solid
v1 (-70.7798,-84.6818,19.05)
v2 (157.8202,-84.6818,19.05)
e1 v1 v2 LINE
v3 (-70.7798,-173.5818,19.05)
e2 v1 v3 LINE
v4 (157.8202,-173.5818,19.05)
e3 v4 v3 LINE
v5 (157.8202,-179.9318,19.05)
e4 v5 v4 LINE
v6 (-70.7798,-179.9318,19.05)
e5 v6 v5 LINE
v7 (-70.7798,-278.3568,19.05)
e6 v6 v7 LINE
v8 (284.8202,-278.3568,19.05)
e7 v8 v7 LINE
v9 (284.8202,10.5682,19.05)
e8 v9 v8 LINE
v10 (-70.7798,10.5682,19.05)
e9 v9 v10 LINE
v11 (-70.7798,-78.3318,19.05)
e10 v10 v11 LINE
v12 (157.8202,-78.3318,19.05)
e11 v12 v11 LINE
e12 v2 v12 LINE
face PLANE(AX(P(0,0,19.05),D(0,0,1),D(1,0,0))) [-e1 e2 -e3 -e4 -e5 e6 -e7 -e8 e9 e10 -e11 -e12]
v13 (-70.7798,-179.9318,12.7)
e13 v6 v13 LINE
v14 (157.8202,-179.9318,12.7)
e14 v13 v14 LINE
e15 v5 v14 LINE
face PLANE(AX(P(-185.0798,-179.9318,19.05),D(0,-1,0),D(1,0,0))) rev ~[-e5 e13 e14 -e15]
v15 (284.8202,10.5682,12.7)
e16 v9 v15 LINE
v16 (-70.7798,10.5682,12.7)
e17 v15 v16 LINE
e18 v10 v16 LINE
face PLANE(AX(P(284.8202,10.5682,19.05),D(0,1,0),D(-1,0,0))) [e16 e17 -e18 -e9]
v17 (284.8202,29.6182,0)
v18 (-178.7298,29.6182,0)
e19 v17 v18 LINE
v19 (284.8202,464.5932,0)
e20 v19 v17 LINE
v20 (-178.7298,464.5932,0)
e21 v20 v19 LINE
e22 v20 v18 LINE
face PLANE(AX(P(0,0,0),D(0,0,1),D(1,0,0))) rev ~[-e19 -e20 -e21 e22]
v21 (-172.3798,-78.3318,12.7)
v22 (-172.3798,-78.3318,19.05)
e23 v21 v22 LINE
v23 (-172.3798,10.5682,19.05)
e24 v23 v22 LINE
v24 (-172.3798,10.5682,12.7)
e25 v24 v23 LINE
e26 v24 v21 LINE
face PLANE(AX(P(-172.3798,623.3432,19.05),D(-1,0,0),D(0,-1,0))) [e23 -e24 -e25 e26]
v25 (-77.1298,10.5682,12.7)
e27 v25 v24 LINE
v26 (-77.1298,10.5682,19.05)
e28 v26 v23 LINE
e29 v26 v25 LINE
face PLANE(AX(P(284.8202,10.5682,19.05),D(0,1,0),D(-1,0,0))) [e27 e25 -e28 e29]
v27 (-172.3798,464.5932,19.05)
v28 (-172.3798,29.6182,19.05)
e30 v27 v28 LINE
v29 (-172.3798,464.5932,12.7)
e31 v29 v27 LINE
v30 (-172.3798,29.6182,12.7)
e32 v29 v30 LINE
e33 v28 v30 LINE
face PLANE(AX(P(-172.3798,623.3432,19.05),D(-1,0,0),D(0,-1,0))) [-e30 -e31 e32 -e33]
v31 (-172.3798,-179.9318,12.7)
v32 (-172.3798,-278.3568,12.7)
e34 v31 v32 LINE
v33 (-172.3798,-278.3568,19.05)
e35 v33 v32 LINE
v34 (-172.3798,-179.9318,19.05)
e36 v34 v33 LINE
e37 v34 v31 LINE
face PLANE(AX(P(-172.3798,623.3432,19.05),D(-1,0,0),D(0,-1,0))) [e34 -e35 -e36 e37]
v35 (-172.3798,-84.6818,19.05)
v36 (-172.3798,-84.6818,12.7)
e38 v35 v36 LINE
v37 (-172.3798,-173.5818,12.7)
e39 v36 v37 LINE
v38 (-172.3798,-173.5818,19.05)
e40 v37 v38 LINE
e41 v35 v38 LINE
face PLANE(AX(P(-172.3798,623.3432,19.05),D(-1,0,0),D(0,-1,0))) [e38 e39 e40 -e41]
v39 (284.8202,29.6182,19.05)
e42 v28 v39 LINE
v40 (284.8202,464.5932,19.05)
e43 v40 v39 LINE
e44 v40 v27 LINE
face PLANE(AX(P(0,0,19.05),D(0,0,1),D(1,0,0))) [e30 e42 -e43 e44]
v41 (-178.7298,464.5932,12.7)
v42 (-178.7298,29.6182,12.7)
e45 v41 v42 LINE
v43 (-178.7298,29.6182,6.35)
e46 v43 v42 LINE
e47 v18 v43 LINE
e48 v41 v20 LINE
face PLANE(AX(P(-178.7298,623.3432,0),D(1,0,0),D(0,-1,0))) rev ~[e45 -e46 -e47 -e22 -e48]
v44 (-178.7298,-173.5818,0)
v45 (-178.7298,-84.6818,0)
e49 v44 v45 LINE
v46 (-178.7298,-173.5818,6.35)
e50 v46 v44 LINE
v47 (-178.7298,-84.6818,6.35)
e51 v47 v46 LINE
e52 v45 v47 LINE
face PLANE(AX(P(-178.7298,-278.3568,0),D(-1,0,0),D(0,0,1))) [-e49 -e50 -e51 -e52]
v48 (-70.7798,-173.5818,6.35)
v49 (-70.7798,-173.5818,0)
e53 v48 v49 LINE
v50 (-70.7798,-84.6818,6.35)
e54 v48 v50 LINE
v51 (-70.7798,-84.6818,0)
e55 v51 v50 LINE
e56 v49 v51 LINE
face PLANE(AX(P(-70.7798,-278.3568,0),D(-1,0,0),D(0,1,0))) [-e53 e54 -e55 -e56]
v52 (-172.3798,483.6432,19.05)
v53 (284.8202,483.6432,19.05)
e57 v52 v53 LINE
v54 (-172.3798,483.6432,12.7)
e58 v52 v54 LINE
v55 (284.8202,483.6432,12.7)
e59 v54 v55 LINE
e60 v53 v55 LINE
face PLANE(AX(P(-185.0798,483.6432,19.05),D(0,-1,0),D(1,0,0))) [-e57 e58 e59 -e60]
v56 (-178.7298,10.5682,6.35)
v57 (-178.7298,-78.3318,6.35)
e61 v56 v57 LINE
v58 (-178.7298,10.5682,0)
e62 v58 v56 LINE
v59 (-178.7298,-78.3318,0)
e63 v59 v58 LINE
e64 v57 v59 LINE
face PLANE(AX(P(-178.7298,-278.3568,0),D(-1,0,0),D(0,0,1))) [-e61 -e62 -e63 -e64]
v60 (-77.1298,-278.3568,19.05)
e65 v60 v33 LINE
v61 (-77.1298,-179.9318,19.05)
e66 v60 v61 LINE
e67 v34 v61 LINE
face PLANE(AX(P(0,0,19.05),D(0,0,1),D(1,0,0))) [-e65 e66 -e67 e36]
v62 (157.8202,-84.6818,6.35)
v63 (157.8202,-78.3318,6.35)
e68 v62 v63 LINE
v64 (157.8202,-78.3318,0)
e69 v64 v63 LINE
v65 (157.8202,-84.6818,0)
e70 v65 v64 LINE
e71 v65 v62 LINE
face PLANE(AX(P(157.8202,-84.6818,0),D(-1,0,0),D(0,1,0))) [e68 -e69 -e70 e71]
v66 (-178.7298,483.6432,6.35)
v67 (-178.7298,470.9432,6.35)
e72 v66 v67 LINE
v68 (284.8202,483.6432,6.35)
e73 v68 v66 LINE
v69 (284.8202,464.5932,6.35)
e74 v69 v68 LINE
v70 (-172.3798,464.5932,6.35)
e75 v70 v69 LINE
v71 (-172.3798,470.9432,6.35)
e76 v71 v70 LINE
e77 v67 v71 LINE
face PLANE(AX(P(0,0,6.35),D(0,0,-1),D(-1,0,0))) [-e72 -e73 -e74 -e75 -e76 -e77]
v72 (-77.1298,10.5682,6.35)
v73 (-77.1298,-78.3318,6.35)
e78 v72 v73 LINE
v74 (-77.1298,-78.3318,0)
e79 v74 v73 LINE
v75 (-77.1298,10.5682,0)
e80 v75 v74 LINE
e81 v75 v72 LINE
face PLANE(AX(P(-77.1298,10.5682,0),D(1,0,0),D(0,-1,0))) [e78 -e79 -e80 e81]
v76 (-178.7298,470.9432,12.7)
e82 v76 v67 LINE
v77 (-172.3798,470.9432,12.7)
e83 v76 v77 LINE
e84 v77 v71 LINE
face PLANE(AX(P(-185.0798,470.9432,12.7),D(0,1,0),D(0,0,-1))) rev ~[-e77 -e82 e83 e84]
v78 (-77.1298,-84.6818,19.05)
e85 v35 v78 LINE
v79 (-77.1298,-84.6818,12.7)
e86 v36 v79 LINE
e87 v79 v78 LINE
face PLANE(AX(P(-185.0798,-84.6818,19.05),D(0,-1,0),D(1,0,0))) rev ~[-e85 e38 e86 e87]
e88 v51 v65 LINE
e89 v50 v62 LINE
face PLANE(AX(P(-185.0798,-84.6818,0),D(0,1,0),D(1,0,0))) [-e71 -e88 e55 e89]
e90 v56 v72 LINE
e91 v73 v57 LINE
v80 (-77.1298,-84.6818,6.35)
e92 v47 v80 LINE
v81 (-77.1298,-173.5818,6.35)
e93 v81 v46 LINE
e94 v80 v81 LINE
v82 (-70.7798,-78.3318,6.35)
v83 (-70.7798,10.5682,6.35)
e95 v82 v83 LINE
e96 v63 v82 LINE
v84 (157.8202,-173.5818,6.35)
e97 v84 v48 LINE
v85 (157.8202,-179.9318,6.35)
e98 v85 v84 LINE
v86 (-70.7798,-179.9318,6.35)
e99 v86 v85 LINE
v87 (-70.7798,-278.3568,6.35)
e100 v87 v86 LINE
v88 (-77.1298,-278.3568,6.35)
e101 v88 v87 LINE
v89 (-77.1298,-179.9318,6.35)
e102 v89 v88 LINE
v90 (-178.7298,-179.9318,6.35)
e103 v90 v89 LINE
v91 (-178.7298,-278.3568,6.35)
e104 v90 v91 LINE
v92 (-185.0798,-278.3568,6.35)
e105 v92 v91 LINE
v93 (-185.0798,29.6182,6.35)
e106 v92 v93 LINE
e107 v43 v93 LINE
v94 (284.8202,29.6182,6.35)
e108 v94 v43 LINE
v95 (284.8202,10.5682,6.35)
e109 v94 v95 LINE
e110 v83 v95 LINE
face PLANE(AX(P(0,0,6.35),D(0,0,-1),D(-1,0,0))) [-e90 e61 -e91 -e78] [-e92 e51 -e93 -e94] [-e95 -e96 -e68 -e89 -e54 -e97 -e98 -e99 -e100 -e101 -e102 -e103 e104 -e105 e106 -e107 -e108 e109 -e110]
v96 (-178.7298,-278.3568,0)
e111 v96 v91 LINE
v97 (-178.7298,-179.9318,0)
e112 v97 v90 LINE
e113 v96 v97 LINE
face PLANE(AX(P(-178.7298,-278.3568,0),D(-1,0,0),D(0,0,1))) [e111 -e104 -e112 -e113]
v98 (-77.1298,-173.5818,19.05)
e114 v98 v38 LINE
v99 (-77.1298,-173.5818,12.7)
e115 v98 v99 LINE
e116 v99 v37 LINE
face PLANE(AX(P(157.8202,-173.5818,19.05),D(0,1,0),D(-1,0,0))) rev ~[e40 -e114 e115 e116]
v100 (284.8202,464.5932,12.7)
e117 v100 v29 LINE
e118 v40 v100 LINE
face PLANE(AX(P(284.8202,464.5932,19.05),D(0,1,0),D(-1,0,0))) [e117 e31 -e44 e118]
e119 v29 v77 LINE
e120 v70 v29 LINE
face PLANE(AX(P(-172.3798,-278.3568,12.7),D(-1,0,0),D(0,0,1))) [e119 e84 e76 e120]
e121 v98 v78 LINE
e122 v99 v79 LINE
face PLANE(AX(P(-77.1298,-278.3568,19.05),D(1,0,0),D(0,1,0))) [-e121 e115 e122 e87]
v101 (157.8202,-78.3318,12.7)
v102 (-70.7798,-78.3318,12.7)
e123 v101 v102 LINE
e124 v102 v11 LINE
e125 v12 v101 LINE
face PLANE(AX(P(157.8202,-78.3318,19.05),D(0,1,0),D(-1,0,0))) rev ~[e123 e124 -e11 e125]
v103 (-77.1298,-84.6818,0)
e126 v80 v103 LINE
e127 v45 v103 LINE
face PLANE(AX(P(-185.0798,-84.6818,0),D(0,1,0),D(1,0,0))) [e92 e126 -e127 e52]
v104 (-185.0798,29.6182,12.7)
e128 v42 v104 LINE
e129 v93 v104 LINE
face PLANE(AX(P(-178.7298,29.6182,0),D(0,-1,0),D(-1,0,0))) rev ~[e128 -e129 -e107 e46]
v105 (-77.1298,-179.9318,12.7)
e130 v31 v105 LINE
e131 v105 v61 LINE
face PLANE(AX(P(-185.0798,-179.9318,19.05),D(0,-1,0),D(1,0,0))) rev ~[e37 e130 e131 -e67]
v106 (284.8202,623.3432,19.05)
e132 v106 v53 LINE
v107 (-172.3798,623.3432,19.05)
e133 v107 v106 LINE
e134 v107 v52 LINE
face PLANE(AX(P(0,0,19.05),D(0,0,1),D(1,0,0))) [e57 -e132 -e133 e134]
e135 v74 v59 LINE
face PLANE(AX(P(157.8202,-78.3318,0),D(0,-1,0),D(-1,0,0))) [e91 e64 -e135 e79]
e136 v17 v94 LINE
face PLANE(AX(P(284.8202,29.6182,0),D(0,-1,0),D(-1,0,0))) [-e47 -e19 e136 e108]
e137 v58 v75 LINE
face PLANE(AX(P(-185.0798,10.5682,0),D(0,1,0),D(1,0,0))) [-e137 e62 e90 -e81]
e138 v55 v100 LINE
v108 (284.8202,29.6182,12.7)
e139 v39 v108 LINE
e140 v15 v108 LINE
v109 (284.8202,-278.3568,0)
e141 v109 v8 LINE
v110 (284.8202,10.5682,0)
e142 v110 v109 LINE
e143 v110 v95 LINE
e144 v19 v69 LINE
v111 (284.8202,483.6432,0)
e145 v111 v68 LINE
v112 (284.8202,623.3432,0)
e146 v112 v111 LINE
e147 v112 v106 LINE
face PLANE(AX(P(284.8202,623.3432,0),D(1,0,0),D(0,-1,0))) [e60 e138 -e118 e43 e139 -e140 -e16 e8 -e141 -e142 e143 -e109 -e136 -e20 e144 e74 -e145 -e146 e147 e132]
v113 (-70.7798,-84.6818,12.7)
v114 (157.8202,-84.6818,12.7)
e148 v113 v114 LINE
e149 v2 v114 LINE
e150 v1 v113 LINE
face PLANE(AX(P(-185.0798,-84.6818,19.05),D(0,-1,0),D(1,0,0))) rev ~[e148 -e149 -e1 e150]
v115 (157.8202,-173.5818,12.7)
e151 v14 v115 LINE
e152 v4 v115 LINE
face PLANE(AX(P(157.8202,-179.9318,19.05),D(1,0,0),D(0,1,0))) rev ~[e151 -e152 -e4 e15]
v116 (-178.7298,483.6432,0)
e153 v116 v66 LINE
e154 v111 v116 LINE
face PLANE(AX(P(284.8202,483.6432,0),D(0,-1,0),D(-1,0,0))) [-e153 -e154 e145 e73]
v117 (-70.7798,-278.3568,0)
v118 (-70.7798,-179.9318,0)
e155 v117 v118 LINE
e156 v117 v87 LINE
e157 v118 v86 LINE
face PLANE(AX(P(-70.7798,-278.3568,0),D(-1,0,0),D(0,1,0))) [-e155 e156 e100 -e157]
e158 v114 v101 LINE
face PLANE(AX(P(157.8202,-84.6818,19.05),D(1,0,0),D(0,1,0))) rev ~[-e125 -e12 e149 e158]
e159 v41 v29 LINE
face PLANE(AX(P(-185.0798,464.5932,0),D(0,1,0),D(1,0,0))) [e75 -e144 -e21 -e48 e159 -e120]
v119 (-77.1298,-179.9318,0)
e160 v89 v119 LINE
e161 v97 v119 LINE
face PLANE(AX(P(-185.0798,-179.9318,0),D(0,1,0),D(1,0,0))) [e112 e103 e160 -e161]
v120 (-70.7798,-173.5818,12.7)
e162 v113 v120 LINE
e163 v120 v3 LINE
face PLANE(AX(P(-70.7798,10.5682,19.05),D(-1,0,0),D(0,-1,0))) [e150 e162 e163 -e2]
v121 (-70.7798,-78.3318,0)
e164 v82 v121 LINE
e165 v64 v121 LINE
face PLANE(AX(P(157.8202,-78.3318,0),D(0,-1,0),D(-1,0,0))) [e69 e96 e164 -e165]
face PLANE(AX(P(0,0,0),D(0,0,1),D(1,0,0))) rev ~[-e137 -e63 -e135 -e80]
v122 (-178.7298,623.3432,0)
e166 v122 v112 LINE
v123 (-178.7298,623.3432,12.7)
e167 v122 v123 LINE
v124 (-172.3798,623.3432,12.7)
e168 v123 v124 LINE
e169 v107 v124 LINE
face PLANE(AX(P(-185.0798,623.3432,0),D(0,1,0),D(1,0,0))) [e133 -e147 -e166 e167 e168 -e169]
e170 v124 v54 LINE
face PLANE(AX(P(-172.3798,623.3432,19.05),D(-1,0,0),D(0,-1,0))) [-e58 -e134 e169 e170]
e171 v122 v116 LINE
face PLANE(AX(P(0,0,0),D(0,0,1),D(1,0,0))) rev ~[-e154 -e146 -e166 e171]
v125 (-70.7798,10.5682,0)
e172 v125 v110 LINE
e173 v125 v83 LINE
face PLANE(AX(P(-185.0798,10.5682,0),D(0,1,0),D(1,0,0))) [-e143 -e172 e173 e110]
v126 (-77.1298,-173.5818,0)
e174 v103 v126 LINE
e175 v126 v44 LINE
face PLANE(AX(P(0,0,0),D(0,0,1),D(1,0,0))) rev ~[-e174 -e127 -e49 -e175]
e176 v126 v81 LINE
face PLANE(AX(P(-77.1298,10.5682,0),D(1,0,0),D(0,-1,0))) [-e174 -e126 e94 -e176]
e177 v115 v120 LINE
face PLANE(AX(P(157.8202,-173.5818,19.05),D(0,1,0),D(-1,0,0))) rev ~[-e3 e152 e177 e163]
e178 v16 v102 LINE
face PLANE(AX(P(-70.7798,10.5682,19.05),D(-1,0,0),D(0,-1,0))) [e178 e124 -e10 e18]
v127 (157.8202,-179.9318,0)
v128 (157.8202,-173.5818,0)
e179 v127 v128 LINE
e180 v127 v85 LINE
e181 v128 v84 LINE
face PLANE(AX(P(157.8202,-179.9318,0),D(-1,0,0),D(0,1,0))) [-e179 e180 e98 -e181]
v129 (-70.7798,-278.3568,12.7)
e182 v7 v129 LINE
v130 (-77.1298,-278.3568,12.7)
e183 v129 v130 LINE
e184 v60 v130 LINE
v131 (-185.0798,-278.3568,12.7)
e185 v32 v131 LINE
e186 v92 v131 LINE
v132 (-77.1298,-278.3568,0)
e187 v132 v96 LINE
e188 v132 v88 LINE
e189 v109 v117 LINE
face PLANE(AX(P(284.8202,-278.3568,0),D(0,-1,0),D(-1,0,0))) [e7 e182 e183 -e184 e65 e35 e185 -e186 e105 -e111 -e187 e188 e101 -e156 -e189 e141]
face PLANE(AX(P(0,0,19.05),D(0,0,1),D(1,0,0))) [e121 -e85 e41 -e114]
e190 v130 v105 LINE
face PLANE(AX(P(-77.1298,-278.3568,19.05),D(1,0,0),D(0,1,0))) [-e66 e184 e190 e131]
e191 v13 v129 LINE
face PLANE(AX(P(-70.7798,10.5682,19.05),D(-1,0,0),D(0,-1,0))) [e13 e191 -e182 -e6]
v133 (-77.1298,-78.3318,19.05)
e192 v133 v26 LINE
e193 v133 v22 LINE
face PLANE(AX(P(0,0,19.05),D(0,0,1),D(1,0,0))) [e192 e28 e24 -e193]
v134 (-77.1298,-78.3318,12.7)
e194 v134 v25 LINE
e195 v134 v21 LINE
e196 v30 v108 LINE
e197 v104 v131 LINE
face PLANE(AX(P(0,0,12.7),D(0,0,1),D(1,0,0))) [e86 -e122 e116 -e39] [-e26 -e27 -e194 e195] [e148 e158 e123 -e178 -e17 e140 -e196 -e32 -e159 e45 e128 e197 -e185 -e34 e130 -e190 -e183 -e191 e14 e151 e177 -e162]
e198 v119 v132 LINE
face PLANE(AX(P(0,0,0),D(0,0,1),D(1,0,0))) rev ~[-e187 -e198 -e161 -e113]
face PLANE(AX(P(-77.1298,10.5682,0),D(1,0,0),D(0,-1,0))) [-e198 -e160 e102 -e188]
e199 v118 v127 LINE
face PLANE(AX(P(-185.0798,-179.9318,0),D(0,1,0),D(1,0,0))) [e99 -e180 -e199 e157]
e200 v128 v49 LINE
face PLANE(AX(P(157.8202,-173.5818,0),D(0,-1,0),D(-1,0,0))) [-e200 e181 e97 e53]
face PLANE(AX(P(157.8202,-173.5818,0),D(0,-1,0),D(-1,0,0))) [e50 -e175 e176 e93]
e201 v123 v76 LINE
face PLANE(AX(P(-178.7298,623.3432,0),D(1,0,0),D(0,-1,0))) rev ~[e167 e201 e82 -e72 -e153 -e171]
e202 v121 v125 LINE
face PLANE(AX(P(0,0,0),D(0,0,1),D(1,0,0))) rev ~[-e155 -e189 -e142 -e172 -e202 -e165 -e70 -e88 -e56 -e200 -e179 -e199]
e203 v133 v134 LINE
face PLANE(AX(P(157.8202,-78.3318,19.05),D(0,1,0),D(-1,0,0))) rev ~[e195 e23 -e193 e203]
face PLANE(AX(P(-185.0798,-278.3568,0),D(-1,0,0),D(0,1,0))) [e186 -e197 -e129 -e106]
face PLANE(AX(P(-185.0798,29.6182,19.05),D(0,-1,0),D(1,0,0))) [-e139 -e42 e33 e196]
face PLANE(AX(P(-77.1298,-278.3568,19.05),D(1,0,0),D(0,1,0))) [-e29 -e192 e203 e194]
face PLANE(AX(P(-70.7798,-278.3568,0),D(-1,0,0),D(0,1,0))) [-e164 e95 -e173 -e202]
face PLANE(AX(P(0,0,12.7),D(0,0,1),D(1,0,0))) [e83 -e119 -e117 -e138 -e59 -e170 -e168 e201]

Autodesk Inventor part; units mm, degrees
ref_plane "YZ Plane" through (0, 0, 0) normal (1, 0, 0) x (0, 1, 0)
ref_plane "XZ Plane" through (0, 0, 0) normal (0, 1, 0) x (-1, 0, 0)
ref_plane "XY Plane" through (0, 0, 0) normal (0, 0, 1) x (1, 0, 0)
sketch "Sketch1" plane through (0, 0, 0) normal (0, 0, 1) x (1, 0, 0)
  line L0 (-185.0798, 623.3432) -> (284.8202, 623.3432)
  line L1 (284.8202, 623.3432) -> (284.8202, -278.3568)
  line L2 (284.8202, -278.3568) -> (-185.0798, -278.3568)
  line L3 (-185.0798, -278.3568) -> (-185.0798, 623.3432)
  point P0 (0, 0)
  dimension "d0" = 901.7
  dimension "d1" = 469.9
extrude "Board" add sketch "Sketch1" along normal blind 19.05
sketch "Sketch6" plane through (0, 0, 0) normal (0, 0, -1) x (-1, 0, 0)
  line L0 (-284.8202, 483.6432) -> (185.0798, 483.6432)
  line L1 (185.0798, 483.6432) -> (185.0798, 464.5932)
  line L2 (185.0798, 464.5932) -> (-284.8202, 464.5932)
  line L3 (-284.8202, 464.5932) -> (-284.8202, 483.6432)
  line L4 (185.0798, 623.3432) -> (-284.8202, 623.3432) projected
  line L5 (185.0798, -278.3568) -> (185.0798, 623.3432) projected
  line L6 (-284.8202, 623.3432) -> (-284.8202, -278.3568) projected
  line L7 (-284.8202, 29.6182) -> (185.0798, 29.6182)
  line L8 (185.0798, 29.6182) -> (185.0798, 10.5682)
  line L9 (185.0798, 10.5682) -> (-284.8202, 10.5682)
  line L10 (-284.8202, 10.5682) -> (-284.8202, 29.6182)
  point P0 (0, 0)
  dimension "d30" = 19.05
  dimension "d37" = 434.975
  dimension "d119" = 139.7
extrude "Right Shelf Dados" cut sketch "Sketch6" against normal blind 6.35 contours L0 L1 L2 L3 | L7 L5 L9 L6
sketch "Sketch32" plane through (0, 0, 0) normal (0, 0, -1) x (-1, 0, 0)
  line L0 (-157.8202, -78.3318) -> (185.0798, -78.3318)
  line L1 (185.0798, -78.3318) -> (185.0798, -84.6818)
  line L2 (185.0798, -84.6818) -> (-157.8202, -84.6818)
  line L3 (-157.8202, -84.6818) -> (-157.8202, -78.3318)
  line L4 (-157.8202, -173.5818) -> (185.0798, -173.5818)
  line L5 (185.0798, -173.5818) -> (185.0798, -179.9318)
  line L6 (185.0798, -179.9318) -> (-157.8202, -179.9318)
  line L7 (-157.8202, -179.9318) -> (-157.8202, -173.5818)
  line L8 (-284.8202, 623.3432) -> (-284.8202, -278.3568) projected
  line L9 (185.0798, 623.3432) -> (185.0798, -278.3568) projected
  line L10 (-284.8202, -278.3568) -> (185.0798, -278.3568) projected
  point P0 (0, 0)
  point P1 (-284.8202, 10.5682)
  dimension "d142" = 88.9
  dimension "d143" = 6.35
  dimension "d146" = 342.9
  dimension "d167" = 127
  dimension "d170" = 98.425
extrude "Right Wine Rack Horizonal Dados" cut sketch "Sketch32" against normal blind 6.35
sketch "Sketch33" plane through (0, 0, 0) normal (0, 0, -1) x (-1, 0, 0)
  line L0 (185.0798, 10.5682) -> (-284.8202, 10.5682) projected
  line L1 (70.7798, 10.5682) -> (77.1298, 10.5682)
  line L2 (77.1298, 10.5682) -> (77.1298, -278.3568)
  line L3 (77.1298, -278.3568) -> (70.7798, -278.3568)
  line L4 (70.7798, -278.3568) -> (70.7798, 10.5682)
  line L5 (-157.8202, -84.6818) -> (-157.8202, -78.3318) projected
  line L6 (-284.8202, -278.3568) -> (185.0798, -278.3568) projected
  point P0 (0, 0)
  dimension "d149" = 6.35
  dimension "d168" = 228.6
extrude "Right Wine Rack Vertical Dado" cut sketch "Sketch33" against normal blind 6.35
sketch "Sketch7" plane through (0, 0, 19.05) normal (0, 0, 1) x (1, 0, 0)
  line L0 (-185.0798, 483.6432) -> (284.8202, 483.6432)
  line L1 (284.8202, 483.6432) -> (284.8202, 464.5932)
  line L2 (284.8202, 464.5932) -> (-185.0798, 464.5932)
  line L3 (-185.0798, 464.5932) -> (-185.0798, 483.6432)
  line L4 (284.8202, 483.6432) -> (-185.0798, 483.6432) projected
  line L5 (-185.0798, 464.5932) -> (284.8202, 464.5932) projected
  line L6 (284.8202, -278.3568) -> (284.8202, 623.3432) projected
  line L7 (-185.0798, 623.3432) -> (-185.0798, -278.3568) projected
  line L8 (-185.0798, 29.6182) -> (284.8202, 29.6182)
  line L9 (284.8202, 29.6182) -> (284.8202, 10.5682)
  line L10 (284.8202, 10.5682) -> (-185.0798, 10.5682)
  line L11 (-185.0798, 10.5682) -> (-185.0798, 29.6182)
  point P0 (0, 0)
  point P1 (284.8202, 20.0932)
  dimension "d36" = 434.975
extrude "Left Shelf Dados" cut sketch "Sketch7" against normal blind 6.35 contours L0 L1 L2 L3 | L8 L6 L10 L7
sketch "Sketch34" plane through (0, 0, 19.05) normal (0, 0, 1) x (1, 0, 0)
  line L0 (157.8202, -78.3318) -> (-185.0798, -78.3318)
  line L1 (-185.0798, -78.3318) -> (-185.0798, -84.6818)
  line L2 (-185.0798, -84.6818) -> (157.8202, -84.6818)
  line L3 (157.8202, -84.6818) -> (157.8202, -78.3318)
  line L4 (157.8202, -173.5818) -> (-185.0798, -173.5818)
  line L5 (-185.0798, -173.5818) -> (-185.0798, -179.9318)
  line L6 (-185.0798, -179.9318) -> (157.8202, -179.9318)
  line L7 (157.8202, -179.9318) -> (157.8202, -173.5818)
  line L8 (284.8202, -278.3568) -> (284.8202, 10.5682) projected
  line L9 (-185.0798, 10.5682) -> (-185.0798, 483.6432) projected
  line L10 (-185.0798, -278.3568) -> (284.8202, -278.3568) projected
  point P0 (0, 0)
  dimension "d153" = 6.35
  dimension "d155" = 88.9
  dimension "d164" = 127
  dimension "d171" = 98.425
extrude "Left Wine Rack Horizontal Dados" cut sketch "Sketch34" against normal blind 6.35
sketch "Sketch35" plane through (0, 0, 19.05) normal (0, 0, 1) x (1, 0, 0)
  line L0 (284.8202, 10.5682) -> (-185.0798, 10.5682) projected
  line L1 (-77.1298, 10.5682) -> (-70.7798, 10.5682)
  line L2 (-70.7798, 10.5682) -> (-70.7798, -278.3568)
  line L3 (-70.7798, -278.3568) -> (-77.1298, -278.3568)
  line L4 (-77.1298, -278.3568) -> (-77.1298, 10.5682)
  line L5 (157.8202, -78.3318) -> (157.8202, -84.6818) projected
  line L6 (-185.0798, -278.3568) -> (284.8202, -278.3568) projected
  point P0 (0, 0)
  dimension "d159" = 6.35
  dimension "d165" = 228.6
extrude "Left Wine Rack  Vertical Dado" cut sketch "Sketch35" against normal blind 6.35
sketch "Sketch10" plane through (0, 0, 19.05) normal (0, 0, 1) x (1, 0, 0)
  line L0 (284.8202, -278.3568) -> (-185.0798, -278.3568) projected
  line L1 (-185.0798, 623.3432) -> (-172.3798, 623.3432)
  line L2 (-172.3798, 623.3432) -> (-172.3798, -278.3568)
  line L3 (-172.3798, -278.3568) -> (-185.0798, -278.3568)
  line L4 (-185.0798, -278.3568) -> (-185.0798, 623.3432)
  point P0 (0, 0)
  point P1 (-77.1298, -278.3568)
  dimension "d48" = 12.7
extrude "Vertical Wire Channel" cut sketch "Sketch10" against normal blind 6.35
sketch "Sketch12" plane through (-185.0798, -278.3568, 12.7) normal (-1, 0, 0) x (0, 0, 1)
  line L0 (-6.35, 742.95) -> (0, 742.95)
  line L1 (0, 742.95) -> (0, 749.3)
  line L2 (0, 749.3) -> (-6.35, 749.3)
  line L3 (-6.35, 749.3) -> (-6.35, 742.95)
  line L4 (0, 0) -> (0, 901.7) projected
  line L5 (-6.35, 742.95) -> (-12.7, 742.95) projected
  dimension "d51" = 6.35
extrude "Top Horizontal Wire Channel" cut sketch "Sketch12" against normal blind 12.7
sketch "Sketch20" plane through (0, 0, 0) normal (0, 0, -1) x (-1, 0, 0)
  line L0 (185.0798, 623.3432) -> (-284.8202, 623.3432) projected
  line L1 (-284.8202, 29.6182) -> (185.0798, 29.6182) projected
  line L2 (185.0798, 623.3432) -> (178.7298, 623.3432)
  line L3 (178.7298, 623.3432) -> (178.7298, 29.6182)
  line L4 (178.7298, 29.6182) -> (185.0798, 29.6182)
  line L5 (185.0798, 29.6182) -> (185.0798, 623.3432)
  point P0 (0, 0)
  dimension "d99" = 6.35
extrude "Rear Top Panel Dado" cut sketch "Sketch20" against normal blind 12.7
sketch "Sketch21" plane through (-185.0798, -278.3568, 0) normal (-1, 0, 0) x (0, 0, 1)
  line L0 (0, 200.025) -> (0, 288.925) projected
  line L1 (0, 288.925) -> (6.35, 288.925)
  line L2 (6.35, 288.925) -> (6.35, 0)
  line L3 (0, 0) -> (0, 288.925)
  line L4 (0, 0) -> (6.35, 0)
  line L5 (0, 0) -> (12.7, 0) projected
extrude "Bottom Panel Dado" cut sketch "Sketch21" against normal blind 6.35
properties part number "Vertical Shelf cut short (2.3.2018)"
